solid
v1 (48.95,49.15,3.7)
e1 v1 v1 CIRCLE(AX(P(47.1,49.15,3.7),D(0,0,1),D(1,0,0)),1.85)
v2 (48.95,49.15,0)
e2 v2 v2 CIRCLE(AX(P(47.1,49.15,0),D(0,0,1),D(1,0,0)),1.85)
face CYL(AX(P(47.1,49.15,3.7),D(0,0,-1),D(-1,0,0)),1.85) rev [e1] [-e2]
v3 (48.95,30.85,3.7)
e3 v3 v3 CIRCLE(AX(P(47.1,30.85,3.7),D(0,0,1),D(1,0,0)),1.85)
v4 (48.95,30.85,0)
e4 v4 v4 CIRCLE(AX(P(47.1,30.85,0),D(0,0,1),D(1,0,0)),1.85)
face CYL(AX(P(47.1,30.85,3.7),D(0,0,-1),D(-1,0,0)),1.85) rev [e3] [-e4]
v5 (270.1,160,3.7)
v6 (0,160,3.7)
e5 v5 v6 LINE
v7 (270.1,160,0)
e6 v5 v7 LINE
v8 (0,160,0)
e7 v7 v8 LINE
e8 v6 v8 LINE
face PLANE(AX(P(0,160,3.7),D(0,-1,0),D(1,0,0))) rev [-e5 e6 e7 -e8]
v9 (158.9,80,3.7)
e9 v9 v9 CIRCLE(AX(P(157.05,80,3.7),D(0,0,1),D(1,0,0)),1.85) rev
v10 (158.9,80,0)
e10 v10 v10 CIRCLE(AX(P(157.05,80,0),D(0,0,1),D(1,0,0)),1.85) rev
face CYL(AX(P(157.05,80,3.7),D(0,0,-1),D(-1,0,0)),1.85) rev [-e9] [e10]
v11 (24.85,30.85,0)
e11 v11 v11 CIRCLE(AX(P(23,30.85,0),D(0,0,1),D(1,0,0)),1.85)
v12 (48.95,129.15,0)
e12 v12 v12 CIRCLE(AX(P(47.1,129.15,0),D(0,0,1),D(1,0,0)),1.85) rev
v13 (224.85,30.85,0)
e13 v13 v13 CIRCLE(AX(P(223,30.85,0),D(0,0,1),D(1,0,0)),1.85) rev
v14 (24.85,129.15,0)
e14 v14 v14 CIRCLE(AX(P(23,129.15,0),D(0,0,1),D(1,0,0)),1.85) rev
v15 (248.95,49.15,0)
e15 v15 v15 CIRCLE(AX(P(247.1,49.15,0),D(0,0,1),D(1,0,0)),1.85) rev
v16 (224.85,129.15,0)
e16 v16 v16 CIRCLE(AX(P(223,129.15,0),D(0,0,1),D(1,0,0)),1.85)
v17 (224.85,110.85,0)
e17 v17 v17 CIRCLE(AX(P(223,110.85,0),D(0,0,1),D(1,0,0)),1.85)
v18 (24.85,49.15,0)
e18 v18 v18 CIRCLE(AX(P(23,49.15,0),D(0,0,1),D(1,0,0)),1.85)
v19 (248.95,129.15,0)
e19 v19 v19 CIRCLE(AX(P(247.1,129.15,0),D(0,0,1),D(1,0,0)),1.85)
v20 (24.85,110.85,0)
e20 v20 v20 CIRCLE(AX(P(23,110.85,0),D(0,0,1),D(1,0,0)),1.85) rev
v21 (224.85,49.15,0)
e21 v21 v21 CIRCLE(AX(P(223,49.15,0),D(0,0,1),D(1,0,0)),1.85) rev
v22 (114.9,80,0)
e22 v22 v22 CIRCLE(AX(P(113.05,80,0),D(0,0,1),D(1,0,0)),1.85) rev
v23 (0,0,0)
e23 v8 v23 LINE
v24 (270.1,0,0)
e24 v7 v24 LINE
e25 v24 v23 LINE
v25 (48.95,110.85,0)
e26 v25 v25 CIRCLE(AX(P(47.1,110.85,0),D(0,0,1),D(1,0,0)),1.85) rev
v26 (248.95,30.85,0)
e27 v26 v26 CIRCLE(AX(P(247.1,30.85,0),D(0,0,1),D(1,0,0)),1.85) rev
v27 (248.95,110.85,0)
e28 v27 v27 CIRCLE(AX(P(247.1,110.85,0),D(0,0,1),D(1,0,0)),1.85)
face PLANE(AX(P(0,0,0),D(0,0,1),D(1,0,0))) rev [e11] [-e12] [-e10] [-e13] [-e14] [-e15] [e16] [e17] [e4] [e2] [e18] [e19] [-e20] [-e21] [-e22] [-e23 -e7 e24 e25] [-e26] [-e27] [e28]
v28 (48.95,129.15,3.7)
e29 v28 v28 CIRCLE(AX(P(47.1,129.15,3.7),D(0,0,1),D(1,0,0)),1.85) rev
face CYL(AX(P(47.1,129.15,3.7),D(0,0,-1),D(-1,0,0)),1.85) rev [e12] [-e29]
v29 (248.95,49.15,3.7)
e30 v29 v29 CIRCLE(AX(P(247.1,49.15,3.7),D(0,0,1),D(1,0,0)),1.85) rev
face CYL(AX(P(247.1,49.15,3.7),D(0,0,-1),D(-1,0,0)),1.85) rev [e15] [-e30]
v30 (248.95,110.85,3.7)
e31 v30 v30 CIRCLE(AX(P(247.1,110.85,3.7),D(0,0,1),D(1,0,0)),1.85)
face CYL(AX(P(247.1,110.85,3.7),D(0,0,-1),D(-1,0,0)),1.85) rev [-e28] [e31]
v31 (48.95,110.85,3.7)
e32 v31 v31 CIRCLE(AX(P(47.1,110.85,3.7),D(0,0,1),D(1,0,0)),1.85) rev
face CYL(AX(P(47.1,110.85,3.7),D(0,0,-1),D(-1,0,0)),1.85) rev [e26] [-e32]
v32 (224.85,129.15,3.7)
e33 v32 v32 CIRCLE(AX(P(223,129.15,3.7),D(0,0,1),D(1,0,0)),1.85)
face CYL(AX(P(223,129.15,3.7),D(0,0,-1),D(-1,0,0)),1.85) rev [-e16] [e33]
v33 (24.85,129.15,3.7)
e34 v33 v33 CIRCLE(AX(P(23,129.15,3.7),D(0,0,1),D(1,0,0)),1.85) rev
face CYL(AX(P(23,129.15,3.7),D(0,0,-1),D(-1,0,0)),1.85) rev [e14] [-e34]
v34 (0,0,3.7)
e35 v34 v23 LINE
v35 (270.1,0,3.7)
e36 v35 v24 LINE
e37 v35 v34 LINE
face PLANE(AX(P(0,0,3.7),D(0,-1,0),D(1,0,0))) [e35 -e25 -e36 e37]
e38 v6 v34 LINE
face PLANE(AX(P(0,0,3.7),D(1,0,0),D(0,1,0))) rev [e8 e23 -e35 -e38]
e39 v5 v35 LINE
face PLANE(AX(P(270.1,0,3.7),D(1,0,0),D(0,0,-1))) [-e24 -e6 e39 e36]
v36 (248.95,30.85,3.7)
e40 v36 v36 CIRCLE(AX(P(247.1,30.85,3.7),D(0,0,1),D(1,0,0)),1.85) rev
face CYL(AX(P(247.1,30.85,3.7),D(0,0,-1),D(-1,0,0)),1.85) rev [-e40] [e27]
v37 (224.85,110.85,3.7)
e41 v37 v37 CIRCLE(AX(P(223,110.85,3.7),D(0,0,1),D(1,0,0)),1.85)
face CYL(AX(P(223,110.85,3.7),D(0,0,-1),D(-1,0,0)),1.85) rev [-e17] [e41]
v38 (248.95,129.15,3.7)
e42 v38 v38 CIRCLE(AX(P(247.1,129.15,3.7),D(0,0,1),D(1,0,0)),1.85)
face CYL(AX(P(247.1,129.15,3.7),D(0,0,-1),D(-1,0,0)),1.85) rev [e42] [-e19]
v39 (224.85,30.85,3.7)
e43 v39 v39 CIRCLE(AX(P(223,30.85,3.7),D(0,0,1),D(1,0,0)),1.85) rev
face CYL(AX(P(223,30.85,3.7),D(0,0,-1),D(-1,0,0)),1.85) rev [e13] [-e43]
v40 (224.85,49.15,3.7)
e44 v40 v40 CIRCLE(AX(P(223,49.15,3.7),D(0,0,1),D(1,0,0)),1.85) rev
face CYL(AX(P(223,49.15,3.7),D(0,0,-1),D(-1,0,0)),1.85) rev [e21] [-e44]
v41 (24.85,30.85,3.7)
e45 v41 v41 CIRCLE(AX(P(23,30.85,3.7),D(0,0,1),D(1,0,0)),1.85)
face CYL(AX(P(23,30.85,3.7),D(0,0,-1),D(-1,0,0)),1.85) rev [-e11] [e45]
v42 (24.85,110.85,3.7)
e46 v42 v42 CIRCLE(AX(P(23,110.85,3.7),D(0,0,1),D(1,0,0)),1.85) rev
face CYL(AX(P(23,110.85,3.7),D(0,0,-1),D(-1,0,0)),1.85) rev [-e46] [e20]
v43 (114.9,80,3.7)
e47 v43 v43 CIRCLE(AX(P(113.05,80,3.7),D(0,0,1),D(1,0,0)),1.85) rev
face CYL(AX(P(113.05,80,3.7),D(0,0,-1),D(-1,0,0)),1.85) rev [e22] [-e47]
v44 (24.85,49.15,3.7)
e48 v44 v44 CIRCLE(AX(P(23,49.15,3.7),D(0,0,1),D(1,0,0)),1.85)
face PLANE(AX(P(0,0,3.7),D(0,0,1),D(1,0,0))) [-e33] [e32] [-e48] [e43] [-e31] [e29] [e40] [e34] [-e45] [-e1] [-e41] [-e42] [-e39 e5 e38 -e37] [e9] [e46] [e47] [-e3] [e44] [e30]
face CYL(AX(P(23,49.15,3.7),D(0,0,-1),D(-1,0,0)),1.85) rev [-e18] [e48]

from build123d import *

# Parameters (mm, degrees)
SKETCH1_W           = 270.1
SKETCH1_H           = 160
SKETCH1_R           = 1.85
BOSS_EXTRUDE1_DEPTH = 3.7


with BuildPart() as part:
    # Sketch1 → Boss-Extrude1 (new body)
    with BuildSketch(Plane.XY):
        with Locations((135.05, 80)):
            Rectangle(SKETCH1_W, SKETCH1_H)
        with Locations((23, 49.15)):
            Circle(SKETCH1_R, mode=Mode.SUBTRACT)
        with Locations((47.1, 49.15)):
            Circle(SKETCH1_R, mode=Mode.SUBTRACT)
        with Locations((23, 30.85)):
            Circle(SKETCH1_R, mode=Mode.SUBTRACT)
        with Locations((47.1, 30.85)):
            Circle(SKETCH1_R, mode=Mode.SUBTRACT)
        with Locations((223, 30.85)):
            Circle(SKETCH1_R, mode=Mode.SUBTRACT)
        with Locations((223, 49.15)):
            Circle(SKETCH1_R, mode=Mode.SUBTRACT)
        with Locations((247.1, 49.15)):
            Circle(SKETCH1_R, mode=Mode.SUBTRACT)
        with Locations((247.1, 30.85)):
            Circle(SKETCH1_R, mode=Mode.SUBTRACT)
        with Locations((23, 129.15)):
            Circle(SKETCH1_R, mode=Mode.SUBTRACT)
        with Locations((23, 110.85)):
            Circle(SKETCH1_R, mode=Mode.SUBTRACT)
        with Locations((47.1, 110.85)):
            Circle(SKETCH1_R, mode=Mode.SUBTRACT)
        with Locations((47.1, 129.15)):
            Circle(SKETCH1_R, mode=Mode.SUBTRACT)
        with Locations((223, 110.85)):
            Circle(SKETCH1_R, mode=Mode.SUBTRACT)
        with Locations((223, 129.15)):
            Circle(SKETCH1_R, mode=Mode.SUBTRACT)
        with Locations((247.1, 129.15)):
            Circle(SKETCH1_R, mode=Mode.SUBTRACT)
        with Locations((247.1, 110.85)):
            Circle(SKETCH1_R, mode=Mode.SUBTRACT)
        with Locations((113.05, 80)):
            Circle(SKETCH1_R, mode=Mode.SUBTRACT)
        with Locations((157.05, 80)):
            Circle(SKETCH1_R, mode=Mode.SUBTRACT)
    extrude(amount=BOSS_EXTRUDE1_DEPTH)


solid = part.part
